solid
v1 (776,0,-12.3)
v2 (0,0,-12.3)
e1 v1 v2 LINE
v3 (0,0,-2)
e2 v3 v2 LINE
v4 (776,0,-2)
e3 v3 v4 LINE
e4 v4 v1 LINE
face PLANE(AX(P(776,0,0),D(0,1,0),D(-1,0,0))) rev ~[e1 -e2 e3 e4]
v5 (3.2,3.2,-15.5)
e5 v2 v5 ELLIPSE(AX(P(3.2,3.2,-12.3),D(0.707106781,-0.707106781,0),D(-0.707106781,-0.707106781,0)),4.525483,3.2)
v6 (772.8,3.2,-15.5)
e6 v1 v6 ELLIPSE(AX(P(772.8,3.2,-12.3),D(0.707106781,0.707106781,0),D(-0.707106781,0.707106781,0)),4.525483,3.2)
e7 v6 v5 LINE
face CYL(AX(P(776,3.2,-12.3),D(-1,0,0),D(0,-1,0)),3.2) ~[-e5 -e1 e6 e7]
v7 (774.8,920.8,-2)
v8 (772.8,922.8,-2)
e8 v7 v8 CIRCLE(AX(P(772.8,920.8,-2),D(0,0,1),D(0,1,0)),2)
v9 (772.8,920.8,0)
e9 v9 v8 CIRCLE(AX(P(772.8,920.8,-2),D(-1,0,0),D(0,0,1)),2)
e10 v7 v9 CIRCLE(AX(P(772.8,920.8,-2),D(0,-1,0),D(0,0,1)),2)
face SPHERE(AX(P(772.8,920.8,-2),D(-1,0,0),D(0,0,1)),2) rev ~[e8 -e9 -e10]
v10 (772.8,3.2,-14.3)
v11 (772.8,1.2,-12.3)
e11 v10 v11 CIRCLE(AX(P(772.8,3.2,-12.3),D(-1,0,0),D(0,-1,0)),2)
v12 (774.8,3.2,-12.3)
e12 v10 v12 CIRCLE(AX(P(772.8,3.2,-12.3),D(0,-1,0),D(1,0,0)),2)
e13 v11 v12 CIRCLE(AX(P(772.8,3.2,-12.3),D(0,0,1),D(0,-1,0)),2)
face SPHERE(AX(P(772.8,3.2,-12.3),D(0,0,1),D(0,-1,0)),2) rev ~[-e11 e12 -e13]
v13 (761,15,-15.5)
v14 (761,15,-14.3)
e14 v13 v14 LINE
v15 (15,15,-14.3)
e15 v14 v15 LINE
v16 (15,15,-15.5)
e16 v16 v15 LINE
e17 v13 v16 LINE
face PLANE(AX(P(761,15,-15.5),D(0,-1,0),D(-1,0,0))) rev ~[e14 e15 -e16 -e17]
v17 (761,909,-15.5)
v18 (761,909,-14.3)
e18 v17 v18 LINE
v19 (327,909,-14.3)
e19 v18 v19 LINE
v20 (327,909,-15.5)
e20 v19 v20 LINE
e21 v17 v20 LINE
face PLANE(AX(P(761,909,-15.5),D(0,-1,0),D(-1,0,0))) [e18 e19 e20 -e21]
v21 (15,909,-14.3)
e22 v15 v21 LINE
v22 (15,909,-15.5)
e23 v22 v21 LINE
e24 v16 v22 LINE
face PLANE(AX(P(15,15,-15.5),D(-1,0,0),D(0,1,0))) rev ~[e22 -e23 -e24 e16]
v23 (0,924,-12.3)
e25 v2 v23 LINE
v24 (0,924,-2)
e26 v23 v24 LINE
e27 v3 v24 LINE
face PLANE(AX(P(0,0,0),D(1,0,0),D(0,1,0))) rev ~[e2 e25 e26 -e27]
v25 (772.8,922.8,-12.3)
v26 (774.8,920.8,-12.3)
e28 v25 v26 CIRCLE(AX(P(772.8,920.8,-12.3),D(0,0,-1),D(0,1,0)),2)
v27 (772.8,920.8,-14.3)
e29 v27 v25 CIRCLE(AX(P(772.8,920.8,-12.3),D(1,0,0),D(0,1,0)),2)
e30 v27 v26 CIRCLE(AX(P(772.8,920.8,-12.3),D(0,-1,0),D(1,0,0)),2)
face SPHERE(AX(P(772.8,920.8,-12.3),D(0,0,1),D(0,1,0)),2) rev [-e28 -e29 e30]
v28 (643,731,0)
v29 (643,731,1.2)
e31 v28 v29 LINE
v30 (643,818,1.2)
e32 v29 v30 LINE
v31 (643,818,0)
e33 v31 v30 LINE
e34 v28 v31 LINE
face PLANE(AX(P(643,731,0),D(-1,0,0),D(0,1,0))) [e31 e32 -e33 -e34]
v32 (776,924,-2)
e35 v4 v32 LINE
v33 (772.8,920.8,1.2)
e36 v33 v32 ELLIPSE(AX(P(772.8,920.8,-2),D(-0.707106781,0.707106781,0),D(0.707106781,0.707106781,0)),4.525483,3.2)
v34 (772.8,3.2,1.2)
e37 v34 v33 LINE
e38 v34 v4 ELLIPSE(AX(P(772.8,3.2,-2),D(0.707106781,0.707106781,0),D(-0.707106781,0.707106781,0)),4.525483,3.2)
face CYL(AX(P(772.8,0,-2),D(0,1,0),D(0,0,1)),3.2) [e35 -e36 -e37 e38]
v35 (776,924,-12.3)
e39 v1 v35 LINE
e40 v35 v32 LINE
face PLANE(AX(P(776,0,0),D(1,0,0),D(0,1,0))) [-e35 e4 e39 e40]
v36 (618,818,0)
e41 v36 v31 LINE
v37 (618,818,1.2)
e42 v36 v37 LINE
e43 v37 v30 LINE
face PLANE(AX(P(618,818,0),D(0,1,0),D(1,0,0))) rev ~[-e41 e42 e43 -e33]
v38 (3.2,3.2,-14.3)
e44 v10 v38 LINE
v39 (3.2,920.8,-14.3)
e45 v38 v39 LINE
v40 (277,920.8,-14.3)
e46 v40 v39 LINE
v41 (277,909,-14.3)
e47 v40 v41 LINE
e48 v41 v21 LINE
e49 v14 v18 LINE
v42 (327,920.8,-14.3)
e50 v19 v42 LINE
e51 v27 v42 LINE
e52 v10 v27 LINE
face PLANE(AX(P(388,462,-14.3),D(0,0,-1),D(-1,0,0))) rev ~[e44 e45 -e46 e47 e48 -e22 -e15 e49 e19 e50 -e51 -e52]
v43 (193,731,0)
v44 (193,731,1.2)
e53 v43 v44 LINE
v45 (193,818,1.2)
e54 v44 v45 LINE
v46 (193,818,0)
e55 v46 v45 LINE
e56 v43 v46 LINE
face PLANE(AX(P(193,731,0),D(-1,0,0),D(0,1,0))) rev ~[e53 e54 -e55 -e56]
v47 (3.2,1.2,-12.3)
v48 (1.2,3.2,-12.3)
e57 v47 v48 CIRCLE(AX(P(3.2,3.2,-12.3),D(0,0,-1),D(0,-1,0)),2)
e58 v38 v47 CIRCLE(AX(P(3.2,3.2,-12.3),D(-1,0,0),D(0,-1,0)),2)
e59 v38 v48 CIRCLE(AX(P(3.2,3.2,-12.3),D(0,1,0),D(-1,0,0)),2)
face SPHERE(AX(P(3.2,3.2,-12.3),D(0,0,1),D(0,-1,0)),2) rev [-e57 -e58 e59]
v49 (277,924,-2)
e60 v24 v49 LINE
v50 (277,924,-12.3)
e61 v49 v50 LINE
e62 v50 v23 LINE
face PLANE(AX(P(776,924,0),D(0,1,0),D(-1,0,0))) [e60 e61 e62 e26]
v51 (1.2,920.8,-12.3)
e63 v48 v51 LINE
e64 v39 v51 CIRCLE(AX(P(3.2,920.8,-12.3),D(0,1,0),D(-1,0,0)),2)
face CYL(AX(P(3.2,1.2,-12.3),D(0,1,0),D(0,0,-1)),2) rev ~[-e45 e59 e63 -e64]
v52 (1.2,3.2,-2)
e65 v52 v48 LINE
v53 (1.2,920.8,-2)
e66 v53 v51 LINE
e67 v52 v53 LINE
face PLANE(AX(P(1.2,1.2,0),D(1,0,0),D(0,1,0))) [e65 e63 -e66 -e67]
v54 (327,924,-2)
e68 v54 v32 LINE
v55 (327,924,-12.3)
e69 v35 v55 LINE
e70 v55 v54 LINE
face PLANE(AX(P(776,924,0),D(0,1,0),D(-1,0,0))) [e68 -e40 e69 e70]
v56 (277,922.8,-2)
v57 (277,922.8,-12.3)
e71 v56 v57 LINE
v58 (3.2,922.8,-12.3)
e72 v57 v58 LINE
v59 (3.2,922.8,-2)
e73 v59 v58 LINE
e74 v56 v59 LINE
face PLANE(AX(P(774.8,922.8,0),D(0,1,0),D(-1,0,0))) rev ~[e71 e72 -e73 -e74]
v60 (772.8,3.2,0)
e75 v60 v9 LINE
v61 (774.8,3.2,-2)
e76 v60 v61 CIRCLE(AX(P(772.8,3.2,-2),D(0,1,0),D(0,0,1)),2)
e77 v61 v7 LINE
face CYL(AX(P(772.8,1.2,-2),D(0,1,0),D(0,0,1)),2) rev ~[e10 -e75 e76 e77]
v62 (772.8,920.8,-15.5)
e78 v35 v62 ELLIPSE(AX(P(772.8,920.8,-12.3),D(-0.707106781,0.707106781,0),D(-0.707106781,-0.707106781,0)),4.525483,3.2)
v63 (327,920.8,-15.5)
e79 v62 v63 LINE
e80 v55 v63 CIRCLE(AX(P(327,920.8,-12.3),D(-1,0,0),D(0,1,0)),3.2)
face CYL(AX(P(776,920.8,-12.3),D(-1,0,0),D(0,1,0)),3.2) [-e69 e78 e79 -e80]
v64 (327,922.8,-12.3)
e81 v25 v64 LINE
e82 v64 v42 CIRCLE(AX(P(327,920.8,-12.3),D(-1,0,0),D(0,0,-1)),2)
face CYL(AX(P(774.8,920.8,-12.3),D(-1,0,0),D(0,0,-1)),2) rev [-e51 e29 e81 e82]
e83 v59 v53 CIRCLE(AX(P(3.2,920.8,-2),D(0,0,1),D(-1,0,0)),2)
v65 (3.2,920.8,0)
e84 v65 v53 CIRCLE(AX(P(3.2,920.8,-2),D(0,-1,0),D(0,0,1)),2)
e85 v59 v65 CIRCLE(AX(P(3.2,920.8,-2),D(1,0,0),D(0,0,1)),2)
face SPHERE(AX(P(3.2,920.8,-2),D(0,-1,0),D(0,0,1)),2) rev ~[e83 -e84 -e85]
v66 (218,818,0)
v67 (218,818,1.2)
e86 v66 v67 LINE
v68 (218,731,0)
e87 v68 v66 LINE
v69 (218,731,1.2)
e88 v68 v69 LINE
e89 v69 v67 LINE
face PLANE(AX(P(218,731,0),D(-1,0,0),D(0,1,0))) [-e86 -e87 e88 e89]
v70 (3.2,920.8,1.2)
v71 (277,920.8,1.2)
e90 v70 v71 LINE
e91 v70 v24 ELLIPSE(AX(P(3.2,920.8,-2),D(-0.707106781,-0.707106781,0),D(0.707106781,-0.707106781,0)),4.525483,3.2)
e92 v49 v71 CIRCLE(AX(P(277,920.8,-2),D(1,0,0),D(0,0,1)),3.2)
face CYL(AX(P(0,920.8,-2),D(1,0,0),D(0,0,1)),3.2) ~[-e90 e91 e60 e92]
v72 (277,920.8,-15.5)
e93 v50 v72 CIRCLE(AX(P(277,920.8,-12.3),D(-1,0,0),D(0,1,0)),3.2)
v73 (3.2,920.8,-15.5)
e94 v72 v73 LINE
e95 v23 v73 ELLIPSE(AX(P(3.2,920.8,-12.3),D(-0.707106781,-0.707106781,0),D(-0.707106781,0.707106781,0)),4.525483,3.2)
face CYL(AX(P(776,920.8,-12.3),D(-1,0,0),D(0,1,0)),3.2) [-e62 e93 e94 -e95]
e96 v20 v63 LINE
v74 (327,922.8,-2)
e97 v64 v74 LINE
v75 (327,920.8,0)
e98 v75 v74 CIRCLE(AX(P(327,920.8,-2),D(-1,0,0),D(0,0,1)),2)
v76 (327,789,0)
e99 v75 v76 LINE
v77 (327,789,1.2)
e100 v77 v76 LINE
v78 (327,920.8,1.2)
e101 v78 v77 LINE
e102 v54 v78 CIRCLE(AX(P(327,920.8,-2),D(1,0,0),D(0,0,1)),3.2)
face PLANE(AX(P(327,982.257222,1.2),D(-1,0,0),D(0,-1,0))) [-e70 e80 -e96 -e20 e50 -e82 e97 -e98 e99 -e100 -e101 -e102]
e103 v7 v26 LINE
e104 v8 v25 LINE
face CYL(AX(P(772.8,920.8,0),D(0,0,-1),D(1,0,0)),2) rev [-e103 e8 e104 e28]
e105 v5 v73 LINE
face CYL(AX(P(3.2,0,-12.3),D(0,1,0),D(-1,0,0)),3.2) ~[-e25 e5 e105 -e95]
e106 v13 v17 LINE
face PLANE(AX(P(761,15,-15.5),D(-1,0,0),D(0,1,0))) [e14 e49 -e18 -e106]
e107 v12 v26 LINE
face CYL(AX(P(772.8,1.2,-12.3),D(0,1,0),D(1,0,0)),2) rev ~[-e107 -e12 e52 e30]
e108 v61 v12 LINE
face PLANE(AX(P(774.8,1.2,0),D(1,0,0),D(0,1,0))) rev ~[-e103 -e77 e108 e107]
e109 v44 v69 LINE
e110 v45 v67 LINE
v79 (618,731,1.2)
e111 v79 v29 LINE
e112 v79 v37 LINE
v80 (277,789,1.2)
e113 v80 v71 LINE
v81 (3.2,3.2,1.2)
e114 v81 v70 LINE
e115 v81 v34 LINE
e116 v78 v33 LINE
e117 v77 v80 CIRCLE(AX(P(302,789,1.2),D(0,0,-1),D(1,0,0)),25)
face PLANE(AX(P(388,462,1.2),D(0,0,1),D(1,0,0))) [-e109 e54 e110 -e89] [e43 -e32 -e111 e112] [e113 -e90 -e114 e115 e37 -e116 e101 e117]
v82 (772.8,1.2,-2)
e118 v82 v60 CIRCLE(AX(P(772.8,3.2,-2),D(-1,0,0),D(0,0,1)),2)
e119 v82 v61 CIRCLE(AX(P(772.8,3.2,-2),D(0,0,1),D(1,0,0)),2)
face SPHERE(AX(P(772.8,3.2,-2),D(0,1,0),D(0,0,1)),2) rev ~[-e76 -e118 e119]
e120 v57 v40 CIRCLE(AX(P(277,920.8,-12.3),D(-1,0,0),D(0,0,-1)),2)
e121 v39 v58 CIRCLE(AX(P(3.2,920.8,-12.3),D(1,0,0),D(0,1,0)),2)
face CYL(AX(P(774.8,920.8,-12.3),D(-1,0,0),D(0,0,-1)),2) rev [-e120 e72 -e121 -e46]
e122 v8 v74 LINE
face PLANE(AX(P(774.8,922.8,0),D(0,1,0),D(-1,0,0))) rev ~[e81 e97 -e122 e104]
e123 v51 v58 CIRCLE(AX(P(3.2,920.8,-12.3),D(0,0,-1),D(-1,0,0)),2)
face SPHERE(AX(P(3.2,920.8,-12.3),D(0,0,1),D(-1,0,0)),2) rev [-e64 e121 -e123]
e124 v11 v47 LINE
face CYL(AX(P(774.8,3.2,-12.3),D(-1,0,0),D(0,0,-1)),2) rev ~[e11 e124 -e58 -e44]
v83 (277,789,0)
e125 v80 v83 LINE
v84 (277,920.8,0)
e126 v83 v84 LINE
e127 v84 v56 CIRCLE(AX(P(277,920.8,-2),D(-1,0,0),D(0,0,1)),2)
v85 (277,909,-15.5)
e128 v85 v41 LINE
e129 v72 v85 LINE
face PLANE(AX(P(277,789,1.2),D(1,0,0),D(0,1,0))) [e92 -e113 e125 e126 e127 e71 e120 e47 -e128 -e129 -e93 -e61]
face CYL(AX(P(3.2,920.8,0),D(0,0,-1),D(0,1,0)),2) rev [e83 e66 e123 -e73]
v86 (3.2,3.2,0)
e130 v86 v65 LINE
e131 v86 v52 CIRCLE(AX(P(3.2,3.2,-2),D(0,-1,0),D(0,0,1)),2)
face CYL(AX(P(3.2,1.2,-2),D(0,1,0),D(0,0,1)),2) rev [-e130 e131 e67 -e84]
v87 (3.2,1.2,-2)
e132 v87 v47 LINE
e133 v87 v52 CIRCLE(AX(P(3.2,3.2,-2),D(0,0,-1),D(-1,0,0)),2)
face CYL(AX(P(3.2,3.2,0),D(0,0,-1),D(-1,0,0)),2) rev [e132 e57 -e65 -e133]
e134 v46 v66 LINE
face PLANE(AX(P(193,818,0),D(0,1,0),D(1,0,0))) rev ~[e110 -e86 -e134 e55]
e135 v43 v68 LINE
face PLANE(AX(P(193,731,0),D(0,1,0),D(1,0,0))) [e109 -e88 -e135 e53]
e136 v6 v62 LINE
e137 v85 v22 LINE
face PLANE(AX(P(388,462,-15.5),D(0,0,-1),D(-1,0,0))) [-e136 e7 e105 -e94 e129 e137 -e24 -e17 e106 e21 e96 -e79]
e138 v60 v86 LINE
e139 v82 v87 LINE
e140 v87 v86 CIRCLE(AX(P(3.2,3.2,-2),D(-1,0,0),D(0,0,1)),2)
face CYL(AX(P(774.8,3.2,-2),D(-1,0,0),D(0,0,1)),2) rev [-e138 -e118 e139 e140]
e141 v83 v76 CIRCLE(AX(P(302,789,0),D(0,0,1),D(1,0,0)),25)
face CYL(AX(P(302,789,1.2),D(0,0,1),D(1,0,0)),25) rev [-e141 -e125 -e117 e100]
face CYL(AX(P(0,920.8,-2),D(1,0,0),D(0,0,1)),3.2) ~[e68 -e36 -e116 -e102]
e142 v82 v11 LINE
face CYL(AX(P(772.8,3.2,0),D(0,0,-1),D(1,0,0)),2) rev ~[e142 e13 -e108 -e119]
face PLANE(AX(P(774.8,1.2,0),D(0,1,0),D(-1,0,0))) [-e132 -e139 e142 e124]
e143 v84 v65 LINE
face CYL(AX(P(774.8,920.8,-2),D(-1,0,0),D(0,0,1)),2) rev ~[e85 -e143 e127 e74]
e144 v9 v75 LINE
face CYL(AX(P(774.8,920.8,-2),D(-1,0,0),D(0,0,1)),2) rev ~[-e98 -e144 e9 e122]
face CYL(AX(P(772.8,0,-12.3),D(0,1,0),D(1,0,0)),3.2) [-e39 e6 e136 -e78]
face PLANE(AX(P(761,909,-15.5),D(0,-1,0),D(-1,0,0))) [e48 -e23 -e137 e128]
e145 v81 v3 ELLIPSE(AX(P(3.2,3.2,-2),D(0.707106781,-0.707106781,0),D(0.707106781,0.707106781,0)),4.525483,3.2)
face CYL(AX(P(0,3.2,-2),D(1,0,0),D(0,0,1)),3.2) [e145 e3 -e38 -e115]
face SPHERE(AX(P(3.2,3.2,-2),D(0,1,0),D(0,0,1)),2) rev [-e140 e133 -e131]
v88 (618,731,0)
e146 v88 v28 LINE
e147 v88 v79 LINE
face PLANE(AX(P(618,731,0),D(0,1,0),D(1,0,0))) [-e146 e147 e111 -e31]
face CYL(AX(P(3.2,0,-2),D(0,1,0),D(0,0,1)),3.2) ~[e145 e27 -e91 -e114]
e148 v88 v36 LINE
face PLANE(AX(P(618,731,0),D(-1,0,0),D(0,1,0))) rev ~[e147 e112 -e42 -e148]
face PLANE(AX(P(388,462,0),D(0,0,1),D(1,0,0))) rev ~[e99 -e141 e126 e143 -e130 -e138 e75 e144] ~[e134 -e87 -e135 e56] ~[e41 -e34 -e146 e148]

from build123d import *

# Parameters (mm, degrees)
SKETCH_1_W          = 776
SKETCH_1_H          = 924
SKETCH_1_W_2        = 25
SKETCH_1_H_2        = 87
EXTRUDE_1_DEPTH     = 1.2
SKETCH_2_W          = 776
SKETCH_2_H          = 924
SKETCH_2_W_2        = 773.6
SKETCH_2_H_2        = 921.6
EXTRUDE_2_DEPTH     = 15.5
SKETCH_3_W          = 776
SKETCH_3_H          = 924
SKETCH_3_W_2        = 746
SKETCH_3_H_2        = 894
EXTRUDE_3_DEPTH     = 1.2
FILLET_1_R          = 2
FILLET_2_R          = 3.2
FILLET_3_R          = 3.2
CUT_EXTRUDE_1_DEPTH = 1207.743920639


with BuildPart() as part:
    # 스케치1 → 보스-돌출1 (new body)
    with BuildSketch(Plane.XY):
        with Locations((388, 462)):
            Rectangle(SKETCH_1_W, SKETCH_1_H)
        with Locations((205.5, 774.5)):
            Rectangle(SKETCH_1_W_2, SKETCH_1_H_2, mode=Mode.SUBTRACT)
        with Locations((630.5, 774.5)):
            Rectangle(SKETCH_1_W_2, SKETCH_1_H_2, mode=Mode.SUBTRACT)
    extrude(amount=EXTRUDE_1_DEPTH)

    # 스케치2 → 보스-돌출2 (add)
    with BuildSketch(Plane(origin=(0, 0, 0), x_dir=(-1, 0, 0), z_dir=(0, 0, -1))):
        with Locations((-388, 462)):
            Rectangle(SKETCH_2_W, SKETCH_2_H)
        with Locations((-388, 462)):
            Rectangle(SKETCH_2_W_2, SKETCH_2_H_2, mode=Mode.SUBTRACT)
    extrude(amount=EXTRUDE_2_DEPTH)

    # 스케치3 → 보스-돌출3 (add)
    with BuildSketch(Plane(origin=(0, 0, -15.5), x_dir=(-1, 0, 0), z_dir=(0, 0, -1))):
        with Locations((-388, 462)):
            Rectangle(SKETCH_3_W, SKETCH_3_H)
        with Locations((-388, 462)):
            Rectangle(SKETCH_3_W_2, SKETCH_3_H_2, mode=Mode.SUBTRACT)
    extrude(amount=-EXTRUDE_3_DEPTH)

    # 필렛1
    fillet_1_edges = [part.edges().sort_by_distance(p)[0] for p in [
        (1.2, 462, 0),
        (388, 922.8, 0),
        (774.8, 462, 0),
        (388, 1.2, 0),
        (774.8, 1.2, -7.15),
        (1.2, 1.2, -7.15),
        (388, 1.2, -14.3),
        (774.8, 922.8, -7.15),
        (1.2, 922.8, -7.15),
        (1.2, 462, -14.3),
        (388, 922.8, -14.3),
        (774.8, 462, -14.3),
    ]]
    fillet(fillet_1_edges, radius=FILLET_1_R)

    # 필렛2
    fillet_2_edges = [part.edges().sort_by_distance(p)[0] for p in [
        (776, 462, 1.2),
        (388, 924, 1.2),
        (0, 462, 1.2),
        (388, 0, 1.2),
    ]]
    fillet(fillet_2_edges, radius=FILLET_2_R)

    # 필렛3
    fillet_3_edges = [part.edges().sort_by_distance(p)[0] for p in [
        (388, 0, -15.5),
        (0, 462, -15.5),
        (388, 924, -15.5),
        (776, 462, -15.5),
    ]]
    fillet(fillet_3_edges, radius=FILLET_3_R)

    # 스케치4 → 컷-돌출1 (cut, through all)
    with BuildSketch(Plane.XY.offset(1.2)):
        with BuildLine():
            Line((327, 982.257222416), (327, 789))
            ThreePointArc((327, 789), (302, 764), (277, 789))
            Line((277, 789), (277, 982.257222416))
            ThreePointArc((277, 982.257222416), (302, 1007.257222416), (327, 982.257222416))
        make_face()
    extrude(amount=-CUT_EXTRUDE_1_DEPTH, mode=Mode.SUBTRACT)


solid = part.part
